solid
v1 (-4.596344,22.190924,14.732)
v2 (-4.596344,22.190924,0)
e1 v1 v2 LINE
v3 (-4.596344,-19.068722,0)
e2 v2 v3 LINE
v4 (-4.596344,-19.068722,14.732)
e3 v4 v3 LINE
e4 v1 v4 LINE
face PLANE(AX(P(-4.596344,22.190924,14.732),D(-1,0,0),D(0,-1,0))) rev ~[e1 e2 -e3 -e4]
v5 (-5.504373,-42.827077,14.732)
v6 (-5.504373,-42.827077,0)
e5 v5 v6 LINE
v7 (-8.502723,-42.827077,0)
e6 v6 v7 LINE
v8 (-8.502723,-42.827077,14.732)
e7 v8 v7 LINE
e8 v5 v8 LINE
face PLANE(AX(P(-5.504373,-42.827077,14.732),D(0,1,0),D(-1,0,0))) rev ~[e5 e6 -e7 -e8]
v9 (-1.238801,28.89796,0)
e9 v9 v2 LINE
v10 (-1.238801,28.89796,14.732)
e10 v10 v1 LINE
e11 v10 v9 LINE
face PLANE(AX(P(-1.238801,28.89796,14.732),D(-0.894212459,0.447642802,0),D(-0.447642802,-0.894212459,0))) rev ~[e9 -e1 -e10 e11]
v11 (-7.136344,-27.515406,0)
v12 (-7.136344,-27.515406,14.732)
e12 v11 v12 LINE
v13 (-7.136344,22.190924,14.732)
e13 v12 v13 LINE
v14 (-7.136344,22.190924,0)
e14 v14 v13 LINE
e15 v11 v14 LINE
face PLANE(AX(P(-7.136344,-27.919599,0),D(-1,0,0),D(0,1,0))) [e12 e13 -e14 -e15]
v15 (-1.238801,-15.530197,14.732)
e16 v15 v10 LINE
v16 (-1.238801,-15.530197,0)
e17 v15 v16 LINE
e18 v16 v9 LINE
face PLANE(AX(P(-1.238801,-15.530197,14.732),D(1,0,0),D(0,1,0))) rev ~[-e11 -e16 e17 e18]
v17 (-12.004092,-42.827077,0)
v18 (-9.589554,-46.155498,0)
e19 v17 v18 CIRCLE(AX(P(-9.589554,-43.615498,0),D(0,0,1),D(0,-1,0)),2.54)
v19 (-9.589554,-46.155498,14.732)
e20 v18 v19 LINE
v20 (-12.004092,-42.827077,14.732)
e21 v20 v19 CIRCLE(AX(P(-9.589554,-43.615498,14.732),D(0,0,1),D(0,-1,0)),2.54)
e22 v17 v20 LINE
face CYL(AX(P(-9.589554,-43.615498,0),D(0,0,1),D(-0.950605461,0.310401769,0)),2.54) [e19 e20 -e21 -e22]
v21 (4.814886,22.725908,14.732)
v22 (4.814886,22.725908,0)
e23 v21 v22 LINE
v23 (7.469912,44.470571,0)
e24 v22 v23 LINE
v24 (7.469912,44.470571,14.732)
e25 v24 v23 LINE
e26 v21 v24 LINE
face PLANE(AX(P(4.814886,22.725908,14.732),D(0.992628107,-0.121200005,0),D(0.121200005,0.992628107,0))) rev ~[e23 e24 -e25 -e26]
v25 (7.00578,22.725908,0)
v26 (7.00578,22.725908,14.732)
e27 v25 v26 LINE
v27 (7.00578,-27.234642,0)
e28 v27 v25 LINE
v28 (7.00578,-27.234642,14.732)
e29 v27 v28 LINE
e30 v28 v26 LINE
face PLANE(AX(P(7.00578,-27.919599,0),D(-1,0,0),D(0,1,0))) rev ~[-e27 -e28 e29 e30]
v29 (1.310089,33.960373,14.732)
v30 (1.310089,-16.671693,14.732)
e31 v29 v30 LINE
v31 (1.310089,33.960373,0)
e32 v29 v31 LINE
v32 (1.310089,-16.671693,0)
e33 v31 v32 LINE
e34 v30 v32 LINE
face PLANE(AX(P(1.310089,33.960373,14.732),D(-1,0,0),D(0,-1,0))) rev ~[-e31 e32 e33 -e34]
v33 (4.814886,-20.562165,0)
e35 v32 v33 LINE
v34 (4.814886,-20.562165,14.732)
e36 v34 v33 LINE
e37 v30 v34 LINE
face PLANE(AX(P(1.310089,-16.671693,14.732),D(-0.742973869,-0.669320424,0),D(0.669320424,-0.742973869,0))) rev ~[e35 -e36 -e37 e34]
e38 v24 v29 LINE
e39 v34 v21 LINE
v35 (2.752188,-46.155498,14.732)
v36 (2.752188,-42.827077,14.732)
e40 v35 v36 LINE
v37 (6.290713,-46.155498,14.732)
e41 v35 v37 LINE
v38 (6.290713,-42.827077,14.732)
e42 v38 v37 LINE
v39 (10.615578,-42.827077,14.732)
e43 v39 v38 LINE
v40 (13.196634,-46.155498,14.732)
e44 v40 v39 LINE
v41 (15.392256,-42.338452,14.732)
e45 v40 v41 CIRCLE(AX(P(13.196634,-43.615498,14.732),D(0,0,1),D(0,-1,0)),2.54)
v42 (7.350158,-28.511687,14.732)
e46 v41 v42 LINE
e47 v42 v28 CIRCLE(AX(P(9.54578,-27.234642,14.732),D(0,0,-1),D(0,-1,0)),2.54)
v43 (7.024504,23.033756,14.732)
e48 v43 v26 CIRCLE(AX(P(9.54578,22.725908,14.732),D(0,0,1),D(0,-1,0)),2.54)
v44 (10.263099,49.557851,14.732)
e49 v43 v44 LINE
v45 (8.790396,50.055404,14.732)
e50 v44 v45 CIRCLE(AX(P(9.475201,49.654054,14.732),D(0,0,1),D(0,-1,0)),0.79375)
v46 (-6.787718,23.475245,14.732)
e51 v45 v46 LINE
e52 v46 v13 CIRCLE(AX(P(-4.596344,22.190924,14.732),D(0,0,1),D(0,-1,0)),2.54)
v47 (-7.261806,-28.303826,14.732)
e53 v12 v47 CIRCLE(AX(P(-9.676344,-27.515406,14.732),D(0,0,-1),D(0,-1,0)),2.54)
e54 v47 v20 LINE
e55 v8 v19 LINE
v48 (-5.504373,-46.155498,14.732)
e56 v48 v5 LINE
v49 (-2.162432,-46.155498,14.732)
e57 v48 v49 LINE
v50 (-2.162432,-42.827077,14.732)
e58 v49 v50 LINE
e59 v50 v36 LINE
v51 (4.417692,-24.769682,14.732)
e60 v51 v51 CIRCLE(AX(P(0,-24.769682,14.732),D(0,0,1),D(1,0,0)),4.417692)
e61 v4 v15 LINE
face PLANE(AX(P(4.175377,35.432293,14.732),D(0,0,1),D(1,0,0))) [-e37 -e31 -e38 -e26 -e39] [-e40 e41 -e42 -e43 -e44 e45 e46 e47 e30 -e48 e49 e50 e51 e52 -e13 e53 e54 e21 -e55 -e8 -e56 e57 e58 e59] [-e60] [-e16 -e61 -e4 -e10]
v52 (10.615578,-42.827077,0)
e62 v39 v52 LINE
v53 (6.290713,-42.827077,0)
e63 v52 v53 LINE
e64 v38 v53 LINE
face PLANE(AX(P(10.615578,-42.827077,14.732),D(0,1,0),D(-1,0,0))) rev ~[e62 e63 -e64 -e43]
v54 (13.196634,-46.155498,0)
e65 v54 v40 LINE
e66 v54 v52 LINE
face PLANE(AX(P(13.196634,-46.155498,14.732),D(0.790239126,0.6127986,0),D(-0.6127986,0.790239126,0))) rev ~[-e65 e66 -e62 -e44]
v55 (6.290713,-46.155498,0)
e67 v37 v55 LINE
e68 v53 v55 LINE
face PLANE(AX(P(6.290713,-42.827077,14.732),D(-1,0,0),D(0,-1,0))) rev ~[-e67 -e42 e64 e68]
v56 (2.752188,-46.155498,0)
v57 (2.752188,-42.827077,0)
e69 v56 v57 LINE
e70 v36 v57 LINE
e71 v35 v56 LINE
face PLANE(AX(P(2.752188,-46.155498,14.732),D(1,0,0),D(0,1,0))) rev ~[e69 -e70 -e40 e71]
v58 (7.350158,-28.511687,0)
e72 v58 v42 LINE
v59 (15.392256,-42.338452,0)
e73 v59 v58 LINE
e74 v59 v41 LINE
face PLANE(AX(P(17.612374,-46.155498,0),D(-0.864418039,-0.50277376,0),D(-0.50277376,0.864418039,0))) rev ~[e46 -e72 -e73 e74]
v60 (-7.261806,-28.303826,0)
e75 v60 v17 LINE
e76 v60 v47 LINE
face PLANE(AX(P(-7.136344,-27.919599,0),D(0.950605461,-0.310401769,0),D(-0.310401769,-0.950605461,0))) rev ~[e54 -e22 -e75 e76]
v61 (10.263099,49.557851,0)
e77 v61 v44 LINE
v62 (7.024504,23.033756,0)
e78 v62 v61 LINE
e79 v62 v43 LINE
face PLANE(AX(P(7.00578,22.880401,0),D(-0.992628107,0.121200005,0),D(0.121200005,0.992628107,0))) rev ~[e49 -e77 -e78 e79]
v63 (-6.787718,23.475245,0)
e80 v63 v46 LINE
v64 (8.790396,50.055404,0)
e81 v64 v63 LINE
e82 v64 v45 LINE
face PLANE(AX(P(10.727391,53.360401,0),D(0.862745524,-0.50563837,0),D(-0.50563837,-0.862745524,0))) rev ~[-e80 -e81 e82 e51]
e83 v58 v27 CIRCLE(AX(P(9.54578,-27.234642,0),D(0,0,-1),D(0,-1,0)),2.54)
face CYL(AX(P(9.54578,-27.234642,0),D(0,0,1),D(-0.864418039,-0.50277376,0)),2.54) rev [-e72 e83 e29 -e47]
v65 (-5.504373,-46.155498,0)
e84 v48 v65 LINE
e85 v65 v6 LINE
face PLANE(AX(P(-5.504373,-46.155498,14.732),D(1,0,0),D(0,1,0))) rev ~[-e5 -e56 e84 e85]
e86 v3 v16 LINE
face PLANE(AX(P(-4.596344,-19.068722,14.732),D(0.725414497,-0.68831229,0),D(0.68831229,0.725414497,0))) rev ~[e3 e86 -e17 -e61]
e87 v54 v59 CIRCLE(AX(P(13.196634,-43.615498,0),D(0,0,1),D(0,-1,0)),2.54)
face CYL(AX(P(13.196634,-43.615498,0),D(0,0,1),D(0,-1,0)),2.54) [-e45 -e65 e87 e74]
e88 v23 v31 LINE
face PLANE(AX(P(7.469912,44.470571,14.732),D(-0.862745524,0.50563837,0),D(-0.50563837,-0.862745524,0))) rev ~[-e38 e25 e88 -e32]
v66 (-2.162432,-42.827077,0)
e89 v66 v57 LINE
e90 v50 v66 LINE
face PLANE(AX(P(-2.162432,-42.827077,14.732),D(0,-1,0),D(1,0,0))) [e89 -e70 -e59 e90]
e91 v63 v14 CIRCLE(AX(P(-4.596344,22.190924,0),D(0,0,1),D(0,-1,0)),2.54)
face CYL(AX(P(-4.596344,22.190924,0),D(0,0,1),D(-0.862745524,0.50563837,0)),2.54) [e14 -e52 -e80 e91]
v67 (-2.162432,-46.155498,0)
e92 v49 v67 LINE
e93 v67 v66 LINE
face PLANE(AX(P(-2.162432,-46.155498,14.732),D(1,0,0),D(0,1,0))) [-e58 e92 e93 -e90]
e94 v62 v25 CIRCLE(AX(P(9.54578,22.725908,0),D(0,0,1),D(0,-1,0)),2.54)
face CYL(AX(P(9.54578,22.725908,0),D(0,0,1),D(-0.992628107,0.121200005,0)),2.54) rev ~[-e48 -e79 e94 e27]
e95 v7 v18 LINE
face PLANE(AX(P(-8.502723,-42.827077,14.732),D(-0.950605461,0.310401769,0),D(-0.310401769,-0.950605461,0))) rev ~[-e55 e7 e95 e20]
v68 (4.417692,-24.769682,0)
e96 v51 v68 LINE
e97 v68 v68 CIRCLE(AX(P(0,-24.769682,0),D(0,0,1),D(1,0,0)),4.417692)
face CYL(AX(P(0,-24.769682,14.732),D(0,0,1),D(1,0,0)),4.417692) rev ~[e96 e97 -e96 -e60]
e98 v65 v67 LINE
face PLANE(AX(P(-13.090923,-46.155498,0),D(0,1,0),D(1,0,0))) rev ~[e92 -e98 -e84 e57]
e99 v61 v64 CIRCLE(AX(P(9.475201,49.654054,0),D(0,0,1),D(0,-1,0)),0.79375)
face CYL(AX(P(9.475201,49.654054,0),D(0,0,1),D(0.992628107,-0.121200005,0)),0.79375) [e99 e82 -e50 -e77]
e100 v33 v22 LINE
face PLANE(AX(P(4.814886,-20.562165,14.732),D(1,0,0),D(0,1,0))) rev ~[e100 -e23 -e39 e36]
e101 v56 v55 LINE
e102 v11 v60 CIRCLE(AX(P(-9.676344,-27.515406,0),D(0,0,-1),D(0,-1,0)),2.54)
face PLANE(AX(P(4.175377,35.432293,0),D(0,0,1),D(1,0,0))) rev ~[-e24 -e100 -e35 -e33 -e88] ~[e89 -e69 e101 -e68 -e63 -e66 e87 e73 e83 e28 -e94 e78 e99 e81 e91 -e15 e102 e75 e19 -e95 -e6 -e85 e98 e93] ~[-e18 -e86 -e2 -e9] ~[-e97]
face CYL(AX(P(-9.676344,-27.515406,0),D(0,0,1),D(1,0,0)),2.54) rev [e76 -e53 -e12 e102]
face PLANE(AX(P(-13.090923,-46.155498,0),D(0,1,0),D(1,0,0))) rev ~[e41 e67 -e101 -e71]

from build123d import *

# Parameters (mm, degrees)
F0_W     = 14.142123667
F0_H     = 50.8
F1_DEPTH = 14.732
F2_R     = 2.54
F3_R     = 0.79375
F4_R     = 4.4176924247
F4_W     = 4.9146201927
F4_H     = 3.3284204943
F5_DEPTH = 38.1


with BuildPart() as f1:
    # F0 (on Top) → F1 (new body)
    with BuildSketch(Plane.XY):
        Polygon((10.7273911178, 53.3604013813), (-7.1363440174, 22.8804013813), (7.0057796496, 22.8804013813), align=None)
        with Locations((-0.0652821839, -2.5195986187)):
            Rectangle(F0_W, F0_H)
        Polygon((7.0057796496, -27.9195986187), (-7.1363440174, -27.9195986187), (-13.0909229835, -46.1554975013), (17.6123739426, -46.1554975013), align=None)
    extrude(amount=F1_DEPTH)

    # F2
    f2_edges = [f1.edges().sort_by_distance(p)[0] for p in [
        (7.00578, -27.919599, 7.366),
        (7.00578, 22.880401, 7.366),
        (-13.090923, -46.155498, 7.366),
        (17.612374, -46.155498, 7.366),
        (-7.136344, 22.880401, 7.366),
        (-7.136344, -27.919599, 7.366),
    ]]
    fillet(f2_edges, radius=F2_R)

    # F3
    f3_edges = [f1.edges().sort_by_distance(p)[0] for p in [
        (10.727391, 53.360401, 7.366),
    ]]
    fillet(f3_edges, radius=F3_R)

    # F4 (on face) → F5 (cut)
    with BuildSketch(Plane.XY.offset(14.732)):
        with Locations((0, -24.7696824372)):
            Circle(F4_R)
        Polygon((-1.2388014392, 28.897959739), (-4.5963440174, 22.1909237022), (-4.5963440174, -19.0687216818), (-1.2388014392, -15.5301969498), align=None)
        Polygon((1.3100893161, 33.960372903), (1.3100893161, 28.550172903), (1.3100893161, -16.671693043), (4.8148863068, -20.562165355), (4.8148863068, 22.7259079205), (7.4699121839, 44.4705713353), align=None)
        Polygon((-8.5027228454, -42.827077007), (-9.5895539796, -46.1554975013), (-5.5043729953, -46.1554975013), (-5.5043729953, -42.827077007), align=None)
        with Locations((0.2948777983, -44.4912872541)):
            Rectangle(F4_W, F4_H)
        Polygon((6.2907133251, -42.827077007), (6.2907133251, -46.1554975013), (13.1966339, -46.1554975013), (10.6155779213, -42.827077007), align=None)
    extrude(amount=-F5_DEPTH, mode=Mode.SUBTRACT)


solid = f1.part
